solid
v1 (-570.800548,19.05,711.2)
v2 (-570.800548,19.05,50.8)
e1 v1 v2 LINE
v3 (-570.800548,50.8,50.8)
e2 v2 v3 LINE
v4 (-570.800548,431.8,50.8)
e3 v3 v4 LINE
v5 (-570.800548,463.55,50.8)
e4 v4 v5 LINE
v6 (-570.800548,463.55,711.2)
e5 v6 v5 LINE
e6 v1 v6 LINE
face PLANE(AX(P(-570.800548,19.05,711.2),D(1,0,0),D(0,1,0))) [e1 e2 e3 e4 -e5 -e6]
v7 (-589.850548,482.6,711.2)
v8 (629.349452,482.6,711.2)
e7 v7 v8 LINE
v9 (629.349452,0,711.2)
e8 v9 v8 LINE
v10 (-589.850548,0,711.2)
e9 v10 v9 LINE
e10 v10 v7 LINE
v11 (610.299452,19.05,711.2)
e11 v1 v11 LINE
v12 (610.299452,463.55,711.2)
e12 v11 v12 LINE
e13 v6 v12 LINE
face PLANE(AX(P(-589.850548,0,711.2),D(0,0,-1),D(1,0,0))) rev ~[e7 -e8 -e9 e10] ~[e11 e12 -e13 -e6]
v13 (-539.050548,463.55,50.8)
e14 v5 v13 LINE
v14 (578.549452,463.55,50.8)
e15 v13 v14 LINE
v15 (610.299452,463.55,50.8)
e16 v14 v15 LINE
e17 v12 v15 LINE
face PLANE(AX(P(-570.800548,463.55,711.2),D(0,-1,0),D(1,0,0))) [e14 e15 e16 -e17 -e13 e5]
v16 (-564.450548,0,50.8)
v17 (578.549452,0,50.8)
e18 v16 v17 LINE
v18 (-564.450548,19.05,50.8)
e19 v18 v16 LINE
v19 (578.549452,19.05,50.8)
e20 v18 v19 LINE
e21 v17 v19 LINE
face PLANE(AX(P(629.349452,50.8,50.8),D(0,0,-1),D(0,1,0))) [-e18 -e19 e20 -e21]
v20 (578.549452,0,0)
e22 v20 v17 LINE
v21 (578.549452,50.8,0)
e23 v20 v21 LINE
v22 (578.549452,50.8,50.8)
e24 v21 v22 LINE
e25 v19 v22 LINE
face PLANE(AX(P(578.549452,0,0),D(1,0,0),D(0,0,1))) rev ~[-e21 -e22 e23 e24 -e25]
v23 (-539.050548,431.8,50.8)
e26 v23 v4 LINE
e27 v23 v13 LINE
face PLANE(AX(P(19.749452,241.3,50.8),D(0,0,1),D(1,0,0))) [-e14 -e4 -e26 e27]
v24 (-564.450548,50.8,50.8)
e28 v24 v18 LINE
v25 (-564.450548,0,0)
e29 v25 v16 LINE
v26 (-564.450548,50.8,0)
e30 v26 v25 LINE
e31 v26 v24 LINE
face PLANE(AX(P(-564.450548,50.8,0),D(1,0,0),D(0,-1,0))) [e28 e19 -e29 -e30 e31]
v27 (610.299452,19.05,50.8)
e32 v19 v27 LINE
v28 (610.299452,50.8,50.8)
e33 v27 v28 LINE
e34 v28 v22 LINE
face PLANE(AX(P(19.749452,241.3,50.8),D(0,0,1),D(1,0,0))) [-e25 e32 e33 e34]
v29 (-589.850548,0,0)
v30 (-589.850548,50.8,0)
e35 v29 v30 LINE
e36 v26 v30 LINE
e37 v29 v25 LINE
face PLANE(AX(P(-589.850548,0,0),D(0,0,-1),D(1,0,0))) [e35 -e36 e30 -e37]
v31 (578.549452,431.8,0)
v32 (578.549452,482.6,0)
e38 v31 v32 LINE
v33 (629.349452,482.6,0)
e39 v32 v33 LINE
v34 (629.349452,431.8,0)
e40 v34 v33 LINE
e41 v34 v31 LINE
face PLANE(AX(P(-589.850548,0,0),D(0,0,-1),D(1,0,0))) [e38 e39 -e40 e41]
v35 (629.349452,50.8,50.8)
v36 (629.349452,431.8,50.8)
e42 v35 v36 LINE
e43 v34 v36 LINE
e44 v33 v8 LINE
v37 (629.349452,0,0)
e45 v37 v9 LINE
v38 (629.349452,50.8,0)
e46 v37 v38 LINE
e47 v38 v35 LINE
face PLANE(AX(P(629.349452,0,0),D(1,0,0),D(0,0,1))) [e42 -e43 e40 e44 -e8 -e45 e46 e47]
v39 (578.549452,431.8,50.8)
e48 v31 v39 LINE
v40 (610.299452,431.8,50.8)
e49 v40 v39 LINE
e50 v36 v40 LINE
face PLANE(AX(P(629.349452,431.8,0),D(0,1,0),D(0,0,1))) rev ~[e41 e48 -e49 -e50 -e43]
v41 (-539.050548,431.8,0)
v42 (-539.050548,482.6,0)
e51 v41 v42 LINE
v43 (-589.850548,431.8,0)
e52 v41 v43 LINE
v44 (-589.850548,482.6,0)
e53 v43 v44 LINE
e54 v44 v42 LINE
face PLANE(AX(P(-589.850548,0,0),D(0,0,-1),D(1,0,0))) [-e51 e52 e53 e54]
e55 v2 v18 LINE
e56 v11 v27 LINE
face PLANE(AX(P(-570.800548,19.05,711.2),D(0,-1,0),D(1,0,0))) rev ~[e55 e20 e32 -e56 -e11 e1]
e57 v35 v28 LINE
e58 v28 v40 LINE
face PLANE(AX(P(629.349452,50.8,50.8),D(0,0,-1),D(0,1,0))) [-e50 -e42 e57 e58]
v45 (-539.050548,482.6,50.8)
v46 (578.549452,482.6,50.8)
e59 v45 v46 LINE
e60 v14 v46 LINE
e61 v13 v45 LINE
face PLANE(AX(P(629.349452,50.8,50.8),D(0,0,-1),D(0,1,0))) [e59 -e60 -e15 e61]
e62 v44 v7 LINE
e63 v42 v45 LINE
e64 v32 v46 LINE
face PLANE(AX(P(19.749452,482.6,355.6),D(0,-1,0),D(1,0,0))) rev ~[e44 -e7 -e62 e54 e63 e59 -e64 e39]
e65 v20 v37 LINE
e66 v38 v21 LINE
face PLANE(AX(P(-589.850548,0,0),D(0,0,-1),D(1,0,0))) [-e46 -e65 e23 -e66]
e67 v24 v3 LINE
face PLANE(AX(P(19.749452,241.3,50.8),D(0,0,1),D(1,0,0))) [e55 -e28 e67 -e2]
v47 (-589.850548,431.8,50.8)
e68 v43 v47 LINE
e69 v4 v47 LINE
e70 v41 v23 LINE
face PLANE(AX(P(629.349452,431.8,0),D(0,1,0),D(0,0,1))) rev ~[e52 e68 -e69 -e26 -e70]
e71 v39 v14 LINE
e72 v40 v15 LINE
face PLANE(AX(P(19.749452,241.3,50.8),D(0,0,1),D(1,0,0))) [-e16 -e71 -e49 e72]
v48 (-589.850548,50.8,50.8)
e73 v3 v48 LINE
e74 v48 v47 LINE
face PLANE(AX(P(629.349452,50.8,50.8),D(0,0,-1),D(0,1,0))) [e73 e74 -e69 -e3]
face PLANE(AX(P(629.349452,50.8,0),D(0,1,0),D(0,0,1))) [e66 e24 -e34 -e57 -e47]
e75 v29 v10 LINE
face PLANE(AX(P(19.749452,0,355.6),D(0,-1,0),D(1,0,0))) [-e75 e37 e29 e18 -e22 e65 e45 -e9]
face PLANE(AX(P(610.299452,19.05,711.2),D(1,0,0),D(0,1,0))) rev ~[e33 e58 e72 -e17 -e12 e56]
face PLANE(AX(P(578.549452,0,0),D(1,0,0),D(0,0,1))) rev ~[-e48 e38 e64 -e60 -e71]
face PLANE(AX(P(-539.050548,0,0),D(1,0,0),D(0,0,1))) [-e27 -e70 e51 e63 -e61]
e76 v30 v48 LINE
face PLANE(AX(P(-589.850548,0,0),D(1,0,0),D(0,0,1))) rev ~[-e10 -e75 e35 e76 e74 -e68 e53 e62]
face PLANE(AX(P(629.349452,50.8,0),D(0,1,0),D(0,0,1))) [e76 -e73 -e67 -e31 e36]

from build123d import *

# Parameters (mm, degrees)
F0_W     = 1219.2
F0_H     = 711.2
F1_DEPTH = 482.6
F2_W     = 1117.6
F2_H     = 50.8
F3_DEPTH = 482.6
F4_W     = 381
F4_H     = 50.8
F5_DEPTH = 1219.2
F6_W     = 1181.1
F6_H     = 444.5
F7_DEPTH = 660.4
F8_W     = 25.4
F8_H     = 50.8
F9_DEPTH = 50.8


with BuildPart() as f1:
    # F0 (on Front) → F1 (new body)
    with BuildSketch(Plane.XZ):
        with Locations((19.749452, 355.6)):
            Rectangle(F0_W, F0_H)
    extrude(amount=-F1_DEPTH)

    # F2 (on face) → F3 (cut, through all)
    with BuildSketch(Plane.XZ):
        with Locations((19.749452, 25.4)):
            Rectangle(F2_W, F2_H)
    extrude(amount=-F3_DEPTH, mode=Mode.SUBTRACT)

    # F4 (on face) → F5 (cut, through all)
    with BuildSketch(Plane.YZ.offset(629.349452)):
        with Locations((241.3, 25.4)):
            Rectangle(F4_W, F4_H)
    extrude(amount=-F5_DEPTH, mode=Mode.SUBTRACT)

    # F6 (on face) → F7 (cut, through all)
    with BuildSketch(Plane.XY.offset(711.2)):
        with Locations((19.749452, 241.3)):
            Rectangle(F6_W, F6_H)
    extrude(amount=-F7_DEPTH, mode=Mode.SUBTRACT)

    # F8 (on face) → F9 (cut)
    with BuildSketch(Plane(origin=(0, 0, 0), x_dir=(1, 0, 0), z_dir=(0, 0, -1))):
        with Locations((-551.750548, -25.4)):
            Rectangle(F8_W, F8_H)
    extrude(amount=-F9_DEPTH, mode=Mode.SUBTRACT)


solid = f1.part
